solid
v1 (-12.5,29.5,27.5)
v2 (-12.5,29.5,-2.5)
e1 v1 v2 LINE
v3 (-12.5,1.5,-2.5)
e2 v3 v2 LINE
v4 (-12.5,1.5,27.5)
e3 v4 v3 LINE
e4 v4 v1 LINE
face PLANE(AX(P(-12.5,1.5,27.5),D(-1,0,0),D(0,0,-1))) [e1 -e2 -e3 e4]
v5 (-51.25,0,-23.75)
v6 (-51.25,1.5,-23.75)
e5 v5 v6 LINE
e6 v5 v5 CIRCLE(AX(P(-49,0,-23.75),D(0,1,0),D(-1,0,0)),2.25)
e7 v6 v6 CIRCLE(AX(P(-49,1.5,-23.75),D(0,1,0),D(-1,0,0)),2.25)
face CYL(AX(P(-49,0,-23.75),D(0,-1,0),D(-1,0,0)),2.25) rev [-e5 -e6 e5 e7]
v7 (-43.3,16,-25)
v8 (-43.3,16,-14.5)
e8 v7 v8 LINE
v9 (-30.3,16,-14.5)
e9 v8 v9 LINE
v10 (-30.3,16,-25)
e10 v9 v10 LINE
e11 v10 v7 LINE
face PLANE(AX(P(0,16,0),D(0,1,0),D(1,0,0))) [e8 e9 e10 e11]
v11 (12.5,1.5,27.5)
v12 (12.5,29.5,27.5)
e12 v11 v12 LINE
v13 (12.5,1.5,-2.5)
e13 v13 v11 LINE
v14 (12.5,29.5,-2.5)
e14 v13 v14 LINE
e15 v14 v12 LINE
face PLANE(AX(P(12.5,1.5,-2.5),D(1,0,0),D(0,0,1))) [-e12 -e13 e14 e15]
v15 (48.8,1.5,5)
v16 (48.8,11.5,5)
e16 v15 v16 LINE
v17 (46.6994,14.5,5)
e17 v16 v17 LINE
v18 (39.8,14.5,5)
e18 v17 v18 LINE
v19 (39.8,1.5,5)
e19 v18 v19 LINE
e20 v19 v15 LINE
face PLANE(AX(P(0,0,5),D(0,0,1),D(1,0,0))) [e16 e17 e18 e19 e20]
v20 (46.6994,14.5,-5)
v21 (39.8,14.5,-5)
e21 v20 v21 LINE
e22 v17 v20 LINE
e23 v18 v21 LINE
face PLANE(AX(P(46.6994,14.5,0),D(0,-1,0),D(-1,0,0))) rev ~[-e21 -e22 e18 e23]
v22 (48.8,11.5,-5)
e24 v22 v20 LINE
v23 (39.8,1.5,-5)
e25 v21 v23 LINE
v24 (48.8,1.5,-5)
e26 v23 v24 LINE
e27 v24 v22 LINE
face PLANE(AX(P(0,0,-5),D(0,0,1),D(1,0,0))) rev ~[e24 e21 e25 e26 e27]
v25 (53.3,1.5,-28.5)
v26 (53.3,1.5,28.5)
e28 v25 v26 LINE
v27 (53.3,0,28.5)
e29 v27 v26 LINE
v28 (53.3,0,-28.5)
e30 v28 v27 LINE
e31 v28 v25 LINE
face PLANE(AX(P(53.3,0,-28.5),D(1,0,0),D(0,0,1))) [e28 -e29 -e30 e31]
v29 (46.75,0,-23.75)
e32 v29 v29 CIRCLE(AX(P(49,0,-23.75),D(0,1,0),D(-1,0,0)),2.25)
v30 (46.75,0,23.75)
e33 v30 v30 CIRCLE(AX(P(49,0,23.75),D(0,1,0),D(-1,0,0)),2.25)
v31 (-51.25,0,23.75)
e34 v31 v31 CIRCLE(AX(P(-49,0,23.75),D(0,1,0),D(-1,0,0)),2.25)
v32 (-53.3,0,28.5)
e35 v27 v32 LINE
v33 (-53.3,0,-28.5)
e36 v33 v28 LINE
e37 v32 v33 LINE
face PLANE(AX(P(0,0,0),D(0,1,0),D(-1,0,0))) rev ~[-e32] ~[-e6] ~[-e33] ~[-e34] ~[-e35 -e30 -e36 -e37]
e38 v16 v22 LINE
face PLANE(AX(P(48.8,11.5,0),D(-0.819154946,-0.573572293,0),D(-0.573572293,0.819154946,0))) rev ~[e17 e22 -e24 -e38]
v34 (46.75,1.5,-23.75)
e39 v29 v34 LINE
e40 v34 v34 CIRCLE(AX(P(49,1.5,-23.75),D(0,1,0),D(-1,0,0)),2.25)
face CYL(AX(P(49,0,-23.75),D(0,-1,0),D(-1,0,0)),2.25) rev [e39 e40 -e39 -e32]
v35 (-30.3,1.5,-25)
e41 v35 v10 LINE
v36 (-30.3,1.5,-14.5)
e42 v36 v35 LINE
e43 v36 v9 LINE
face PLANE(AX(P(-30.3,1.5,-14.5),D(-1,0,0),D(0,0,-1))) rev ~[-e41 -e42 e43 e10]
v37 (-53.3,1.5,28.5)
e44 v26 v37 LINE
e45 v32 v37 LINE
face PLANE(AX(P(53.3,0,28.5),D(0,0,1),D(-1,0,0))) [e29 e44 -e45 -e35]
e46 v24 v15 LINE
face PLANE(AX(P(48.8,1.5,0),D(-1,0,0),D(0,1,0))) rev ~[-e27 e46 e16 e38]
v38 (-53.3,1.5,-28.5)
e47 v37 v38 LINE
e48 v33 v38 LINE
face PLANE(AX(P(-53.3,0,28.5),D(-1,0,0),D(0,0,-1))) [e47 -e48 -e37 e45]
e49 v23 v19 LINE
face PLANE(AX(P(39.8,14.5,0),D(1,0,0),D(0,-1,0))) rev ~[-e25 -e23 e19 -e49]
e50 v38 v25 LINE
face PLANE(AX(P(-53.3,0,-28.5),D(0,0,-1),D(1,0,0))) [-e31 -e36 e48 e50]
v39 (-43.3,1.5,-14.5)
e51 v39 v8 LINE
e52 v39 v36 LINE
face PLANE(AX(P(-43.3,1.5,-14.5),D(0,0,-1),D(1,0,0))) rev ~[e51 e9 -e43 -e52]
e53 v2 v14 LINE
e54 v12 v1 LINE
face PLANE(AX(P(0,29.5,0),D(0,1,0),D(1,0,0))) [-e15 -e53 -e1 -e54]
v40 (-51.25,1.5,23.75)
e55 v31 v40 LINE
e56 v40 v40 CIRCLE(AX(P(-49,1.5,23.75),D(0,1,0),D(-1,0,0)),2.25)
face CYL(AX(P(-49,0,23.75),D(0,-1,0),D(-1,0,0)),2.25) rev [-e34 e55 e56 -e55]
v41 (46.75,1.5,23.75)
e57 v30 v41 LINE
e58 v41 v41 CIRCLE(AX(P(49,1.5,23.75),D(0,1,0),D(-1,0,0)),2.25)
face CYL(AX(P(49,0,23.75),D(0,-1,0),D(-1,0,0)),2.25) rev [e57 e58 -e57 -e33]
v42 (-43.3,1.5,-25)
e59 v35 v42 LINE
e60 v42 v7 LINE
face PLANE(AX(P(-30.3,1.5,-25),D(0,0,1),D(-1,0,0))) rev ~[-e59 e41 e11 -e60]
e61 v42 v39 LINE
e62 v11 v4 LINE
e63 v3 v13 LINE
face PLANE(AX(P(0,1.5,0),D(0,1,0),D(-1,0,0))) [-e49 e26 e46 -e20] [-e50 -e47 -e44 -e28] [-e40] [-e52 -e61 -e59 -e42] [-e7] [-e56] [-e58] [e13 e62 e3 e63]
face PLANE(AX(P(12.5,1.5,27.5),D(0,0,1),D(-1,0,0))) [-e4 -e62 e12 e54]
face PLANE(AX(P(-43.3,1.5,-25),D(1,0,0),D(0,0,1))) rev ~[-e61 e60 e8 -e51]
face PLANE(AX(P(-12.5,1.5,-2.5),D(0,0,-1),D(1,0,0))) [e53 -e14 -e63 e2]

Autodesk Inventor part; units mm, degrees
ref_plane "YZ Plane" through (0, 0, 0) normal (1, 0, 0) x (0, 1, 0)
ref_plane "XZ Plane" through (0, 0, 0) normal (0, 1, 0) x (-1, 0, 0)
ref_plane "XY Plane" through (0, 0, 0) normal (0, 0, 1) x (1, 0, 0)
sketch "스케치1" plane through (0, 0, 0) normal (0, 1, 0) x (-1, 0, 0)
  line L0 (-53.3, 28.5) -> (53.3, 28.5)
  line L1 (53.3, 28.5) -> (53.3, -28.5)
  line L2 (53.3, -28.5) -> (-53.3, -28.5)
  line L3 (-53.3, -28.5) -> (-53.3, 28.5)
  line L4 (-53.3, 28.5) -> (53.3, -28.5) construction
  line L5 (53.3, 28.5) -> (-53.3, -28.5) construction
  circle A0 centre (49, 23.75) radius 2.25
  line L6 (0, 0) -> (18.7645, 0)
  line L7 (0, 0) -> (0, -10.3185)
  circle A1 centre (-49, 23.75) radius 2.25
  circle A2 centre (49, -23.75) radius 2.25
  circle A3 centre (-49, -23.75) radius 2.25
  dimension "d0" = 106.6
  dimension "d1" = 57
  dimension "d2" = 4.5
  dimension "d3" = 47.5
  dimension "d4" = 98
extrude "돌출1" add sketch "스케치1" along normal blind 1.5
sketch "스케치2" plane through (0, 1.5, 0) normal (0, 1, 0) x (1, 0, 0)
  line L0 (-43.3, 14.5) -> (-30.3, 14.5)
  line L1 (-30.3, 14.5) -> (-30.3, 25)
  line L2 (-30.3, 25) -> (-43.3, 25)
  line L3 (-43.3, 25) -> (-43.3, 14.5)
  line L4 (-43.3, 14.5) -> (-30.3, 25) construction
  line L5 (-30.3, 14.5) -> (-43.3, 25) construction
  line L6 (-53.3, 28.5) -> (-53.3, -28.5) projected
  line L7 (53.3, 28.5) -> (-53.3, 28.5) projected
  point P0 (0, 0)
  point P1 (-36.8, 19.75)
  dimension "d7" = 10.5
  dimension "d8" = 13
  dimension "d9" = 10
  dimension "d10" = 3.5
extrude "돌출2" add sketch "스케치2" along normal blind 14.5
sketch "스케치3" plane through (0, 1.5, 0) normal (0, 1, 0) x (1, 0, 0)
  line L0 (12.5, -27.5) -> (-12.5, -27.5)
  line L1 (-12.5, -27.5) -> (-12.5, 2.5)
  line L2 (-12.5, 2.5) -> (12.5, 2.5)
  line L3 (12.5, 2.5) -> (12.5, -27.5)
  line L4 (12.5, -27.5) -> (-12.5, 2.5) construction
  line L5 (-12.5, -27.5) -> (12.5, 2.5) construction
  line L6 (-53.3, -28.5) -> (53.3, -28.5) projected
  point P0 (0, 0)
  point P1 (0, -12.5)
  dimension "d13" = 25
  dimension "d14" = 30
  dimension "d15" = 16
extrude "돌출3" add sketch "스케치3" along normal blind 28
sketch "스케치4" plane through (0, 0, 0) normal (0, 0, 1) x (1, 0, 0)
  line L0 (-53.3, 1.5) -> (53.3, 1.5) projected
  line L1 (48.8, 1.5) -> (48.8, 11.5)
  line L2 (48.8, 11.5) -> (46.6994, 14.5)
  line L3 (46.6994, 14.5) -> (39.8, 14.5)
  line L4 (39.8, 14.5) -> (39.8, 1.5)
  point P0 (0, 0)
  dimension "d18" = 9
  dimension "d19" = 145
  dimension "d20" = 13
  dimension "d21" = 4.5
  dimension "d22" = 10
extrude "돌출4" add sketch "스케치4" along normal mid plane 10
properties part number "AC-DC컨버터"
